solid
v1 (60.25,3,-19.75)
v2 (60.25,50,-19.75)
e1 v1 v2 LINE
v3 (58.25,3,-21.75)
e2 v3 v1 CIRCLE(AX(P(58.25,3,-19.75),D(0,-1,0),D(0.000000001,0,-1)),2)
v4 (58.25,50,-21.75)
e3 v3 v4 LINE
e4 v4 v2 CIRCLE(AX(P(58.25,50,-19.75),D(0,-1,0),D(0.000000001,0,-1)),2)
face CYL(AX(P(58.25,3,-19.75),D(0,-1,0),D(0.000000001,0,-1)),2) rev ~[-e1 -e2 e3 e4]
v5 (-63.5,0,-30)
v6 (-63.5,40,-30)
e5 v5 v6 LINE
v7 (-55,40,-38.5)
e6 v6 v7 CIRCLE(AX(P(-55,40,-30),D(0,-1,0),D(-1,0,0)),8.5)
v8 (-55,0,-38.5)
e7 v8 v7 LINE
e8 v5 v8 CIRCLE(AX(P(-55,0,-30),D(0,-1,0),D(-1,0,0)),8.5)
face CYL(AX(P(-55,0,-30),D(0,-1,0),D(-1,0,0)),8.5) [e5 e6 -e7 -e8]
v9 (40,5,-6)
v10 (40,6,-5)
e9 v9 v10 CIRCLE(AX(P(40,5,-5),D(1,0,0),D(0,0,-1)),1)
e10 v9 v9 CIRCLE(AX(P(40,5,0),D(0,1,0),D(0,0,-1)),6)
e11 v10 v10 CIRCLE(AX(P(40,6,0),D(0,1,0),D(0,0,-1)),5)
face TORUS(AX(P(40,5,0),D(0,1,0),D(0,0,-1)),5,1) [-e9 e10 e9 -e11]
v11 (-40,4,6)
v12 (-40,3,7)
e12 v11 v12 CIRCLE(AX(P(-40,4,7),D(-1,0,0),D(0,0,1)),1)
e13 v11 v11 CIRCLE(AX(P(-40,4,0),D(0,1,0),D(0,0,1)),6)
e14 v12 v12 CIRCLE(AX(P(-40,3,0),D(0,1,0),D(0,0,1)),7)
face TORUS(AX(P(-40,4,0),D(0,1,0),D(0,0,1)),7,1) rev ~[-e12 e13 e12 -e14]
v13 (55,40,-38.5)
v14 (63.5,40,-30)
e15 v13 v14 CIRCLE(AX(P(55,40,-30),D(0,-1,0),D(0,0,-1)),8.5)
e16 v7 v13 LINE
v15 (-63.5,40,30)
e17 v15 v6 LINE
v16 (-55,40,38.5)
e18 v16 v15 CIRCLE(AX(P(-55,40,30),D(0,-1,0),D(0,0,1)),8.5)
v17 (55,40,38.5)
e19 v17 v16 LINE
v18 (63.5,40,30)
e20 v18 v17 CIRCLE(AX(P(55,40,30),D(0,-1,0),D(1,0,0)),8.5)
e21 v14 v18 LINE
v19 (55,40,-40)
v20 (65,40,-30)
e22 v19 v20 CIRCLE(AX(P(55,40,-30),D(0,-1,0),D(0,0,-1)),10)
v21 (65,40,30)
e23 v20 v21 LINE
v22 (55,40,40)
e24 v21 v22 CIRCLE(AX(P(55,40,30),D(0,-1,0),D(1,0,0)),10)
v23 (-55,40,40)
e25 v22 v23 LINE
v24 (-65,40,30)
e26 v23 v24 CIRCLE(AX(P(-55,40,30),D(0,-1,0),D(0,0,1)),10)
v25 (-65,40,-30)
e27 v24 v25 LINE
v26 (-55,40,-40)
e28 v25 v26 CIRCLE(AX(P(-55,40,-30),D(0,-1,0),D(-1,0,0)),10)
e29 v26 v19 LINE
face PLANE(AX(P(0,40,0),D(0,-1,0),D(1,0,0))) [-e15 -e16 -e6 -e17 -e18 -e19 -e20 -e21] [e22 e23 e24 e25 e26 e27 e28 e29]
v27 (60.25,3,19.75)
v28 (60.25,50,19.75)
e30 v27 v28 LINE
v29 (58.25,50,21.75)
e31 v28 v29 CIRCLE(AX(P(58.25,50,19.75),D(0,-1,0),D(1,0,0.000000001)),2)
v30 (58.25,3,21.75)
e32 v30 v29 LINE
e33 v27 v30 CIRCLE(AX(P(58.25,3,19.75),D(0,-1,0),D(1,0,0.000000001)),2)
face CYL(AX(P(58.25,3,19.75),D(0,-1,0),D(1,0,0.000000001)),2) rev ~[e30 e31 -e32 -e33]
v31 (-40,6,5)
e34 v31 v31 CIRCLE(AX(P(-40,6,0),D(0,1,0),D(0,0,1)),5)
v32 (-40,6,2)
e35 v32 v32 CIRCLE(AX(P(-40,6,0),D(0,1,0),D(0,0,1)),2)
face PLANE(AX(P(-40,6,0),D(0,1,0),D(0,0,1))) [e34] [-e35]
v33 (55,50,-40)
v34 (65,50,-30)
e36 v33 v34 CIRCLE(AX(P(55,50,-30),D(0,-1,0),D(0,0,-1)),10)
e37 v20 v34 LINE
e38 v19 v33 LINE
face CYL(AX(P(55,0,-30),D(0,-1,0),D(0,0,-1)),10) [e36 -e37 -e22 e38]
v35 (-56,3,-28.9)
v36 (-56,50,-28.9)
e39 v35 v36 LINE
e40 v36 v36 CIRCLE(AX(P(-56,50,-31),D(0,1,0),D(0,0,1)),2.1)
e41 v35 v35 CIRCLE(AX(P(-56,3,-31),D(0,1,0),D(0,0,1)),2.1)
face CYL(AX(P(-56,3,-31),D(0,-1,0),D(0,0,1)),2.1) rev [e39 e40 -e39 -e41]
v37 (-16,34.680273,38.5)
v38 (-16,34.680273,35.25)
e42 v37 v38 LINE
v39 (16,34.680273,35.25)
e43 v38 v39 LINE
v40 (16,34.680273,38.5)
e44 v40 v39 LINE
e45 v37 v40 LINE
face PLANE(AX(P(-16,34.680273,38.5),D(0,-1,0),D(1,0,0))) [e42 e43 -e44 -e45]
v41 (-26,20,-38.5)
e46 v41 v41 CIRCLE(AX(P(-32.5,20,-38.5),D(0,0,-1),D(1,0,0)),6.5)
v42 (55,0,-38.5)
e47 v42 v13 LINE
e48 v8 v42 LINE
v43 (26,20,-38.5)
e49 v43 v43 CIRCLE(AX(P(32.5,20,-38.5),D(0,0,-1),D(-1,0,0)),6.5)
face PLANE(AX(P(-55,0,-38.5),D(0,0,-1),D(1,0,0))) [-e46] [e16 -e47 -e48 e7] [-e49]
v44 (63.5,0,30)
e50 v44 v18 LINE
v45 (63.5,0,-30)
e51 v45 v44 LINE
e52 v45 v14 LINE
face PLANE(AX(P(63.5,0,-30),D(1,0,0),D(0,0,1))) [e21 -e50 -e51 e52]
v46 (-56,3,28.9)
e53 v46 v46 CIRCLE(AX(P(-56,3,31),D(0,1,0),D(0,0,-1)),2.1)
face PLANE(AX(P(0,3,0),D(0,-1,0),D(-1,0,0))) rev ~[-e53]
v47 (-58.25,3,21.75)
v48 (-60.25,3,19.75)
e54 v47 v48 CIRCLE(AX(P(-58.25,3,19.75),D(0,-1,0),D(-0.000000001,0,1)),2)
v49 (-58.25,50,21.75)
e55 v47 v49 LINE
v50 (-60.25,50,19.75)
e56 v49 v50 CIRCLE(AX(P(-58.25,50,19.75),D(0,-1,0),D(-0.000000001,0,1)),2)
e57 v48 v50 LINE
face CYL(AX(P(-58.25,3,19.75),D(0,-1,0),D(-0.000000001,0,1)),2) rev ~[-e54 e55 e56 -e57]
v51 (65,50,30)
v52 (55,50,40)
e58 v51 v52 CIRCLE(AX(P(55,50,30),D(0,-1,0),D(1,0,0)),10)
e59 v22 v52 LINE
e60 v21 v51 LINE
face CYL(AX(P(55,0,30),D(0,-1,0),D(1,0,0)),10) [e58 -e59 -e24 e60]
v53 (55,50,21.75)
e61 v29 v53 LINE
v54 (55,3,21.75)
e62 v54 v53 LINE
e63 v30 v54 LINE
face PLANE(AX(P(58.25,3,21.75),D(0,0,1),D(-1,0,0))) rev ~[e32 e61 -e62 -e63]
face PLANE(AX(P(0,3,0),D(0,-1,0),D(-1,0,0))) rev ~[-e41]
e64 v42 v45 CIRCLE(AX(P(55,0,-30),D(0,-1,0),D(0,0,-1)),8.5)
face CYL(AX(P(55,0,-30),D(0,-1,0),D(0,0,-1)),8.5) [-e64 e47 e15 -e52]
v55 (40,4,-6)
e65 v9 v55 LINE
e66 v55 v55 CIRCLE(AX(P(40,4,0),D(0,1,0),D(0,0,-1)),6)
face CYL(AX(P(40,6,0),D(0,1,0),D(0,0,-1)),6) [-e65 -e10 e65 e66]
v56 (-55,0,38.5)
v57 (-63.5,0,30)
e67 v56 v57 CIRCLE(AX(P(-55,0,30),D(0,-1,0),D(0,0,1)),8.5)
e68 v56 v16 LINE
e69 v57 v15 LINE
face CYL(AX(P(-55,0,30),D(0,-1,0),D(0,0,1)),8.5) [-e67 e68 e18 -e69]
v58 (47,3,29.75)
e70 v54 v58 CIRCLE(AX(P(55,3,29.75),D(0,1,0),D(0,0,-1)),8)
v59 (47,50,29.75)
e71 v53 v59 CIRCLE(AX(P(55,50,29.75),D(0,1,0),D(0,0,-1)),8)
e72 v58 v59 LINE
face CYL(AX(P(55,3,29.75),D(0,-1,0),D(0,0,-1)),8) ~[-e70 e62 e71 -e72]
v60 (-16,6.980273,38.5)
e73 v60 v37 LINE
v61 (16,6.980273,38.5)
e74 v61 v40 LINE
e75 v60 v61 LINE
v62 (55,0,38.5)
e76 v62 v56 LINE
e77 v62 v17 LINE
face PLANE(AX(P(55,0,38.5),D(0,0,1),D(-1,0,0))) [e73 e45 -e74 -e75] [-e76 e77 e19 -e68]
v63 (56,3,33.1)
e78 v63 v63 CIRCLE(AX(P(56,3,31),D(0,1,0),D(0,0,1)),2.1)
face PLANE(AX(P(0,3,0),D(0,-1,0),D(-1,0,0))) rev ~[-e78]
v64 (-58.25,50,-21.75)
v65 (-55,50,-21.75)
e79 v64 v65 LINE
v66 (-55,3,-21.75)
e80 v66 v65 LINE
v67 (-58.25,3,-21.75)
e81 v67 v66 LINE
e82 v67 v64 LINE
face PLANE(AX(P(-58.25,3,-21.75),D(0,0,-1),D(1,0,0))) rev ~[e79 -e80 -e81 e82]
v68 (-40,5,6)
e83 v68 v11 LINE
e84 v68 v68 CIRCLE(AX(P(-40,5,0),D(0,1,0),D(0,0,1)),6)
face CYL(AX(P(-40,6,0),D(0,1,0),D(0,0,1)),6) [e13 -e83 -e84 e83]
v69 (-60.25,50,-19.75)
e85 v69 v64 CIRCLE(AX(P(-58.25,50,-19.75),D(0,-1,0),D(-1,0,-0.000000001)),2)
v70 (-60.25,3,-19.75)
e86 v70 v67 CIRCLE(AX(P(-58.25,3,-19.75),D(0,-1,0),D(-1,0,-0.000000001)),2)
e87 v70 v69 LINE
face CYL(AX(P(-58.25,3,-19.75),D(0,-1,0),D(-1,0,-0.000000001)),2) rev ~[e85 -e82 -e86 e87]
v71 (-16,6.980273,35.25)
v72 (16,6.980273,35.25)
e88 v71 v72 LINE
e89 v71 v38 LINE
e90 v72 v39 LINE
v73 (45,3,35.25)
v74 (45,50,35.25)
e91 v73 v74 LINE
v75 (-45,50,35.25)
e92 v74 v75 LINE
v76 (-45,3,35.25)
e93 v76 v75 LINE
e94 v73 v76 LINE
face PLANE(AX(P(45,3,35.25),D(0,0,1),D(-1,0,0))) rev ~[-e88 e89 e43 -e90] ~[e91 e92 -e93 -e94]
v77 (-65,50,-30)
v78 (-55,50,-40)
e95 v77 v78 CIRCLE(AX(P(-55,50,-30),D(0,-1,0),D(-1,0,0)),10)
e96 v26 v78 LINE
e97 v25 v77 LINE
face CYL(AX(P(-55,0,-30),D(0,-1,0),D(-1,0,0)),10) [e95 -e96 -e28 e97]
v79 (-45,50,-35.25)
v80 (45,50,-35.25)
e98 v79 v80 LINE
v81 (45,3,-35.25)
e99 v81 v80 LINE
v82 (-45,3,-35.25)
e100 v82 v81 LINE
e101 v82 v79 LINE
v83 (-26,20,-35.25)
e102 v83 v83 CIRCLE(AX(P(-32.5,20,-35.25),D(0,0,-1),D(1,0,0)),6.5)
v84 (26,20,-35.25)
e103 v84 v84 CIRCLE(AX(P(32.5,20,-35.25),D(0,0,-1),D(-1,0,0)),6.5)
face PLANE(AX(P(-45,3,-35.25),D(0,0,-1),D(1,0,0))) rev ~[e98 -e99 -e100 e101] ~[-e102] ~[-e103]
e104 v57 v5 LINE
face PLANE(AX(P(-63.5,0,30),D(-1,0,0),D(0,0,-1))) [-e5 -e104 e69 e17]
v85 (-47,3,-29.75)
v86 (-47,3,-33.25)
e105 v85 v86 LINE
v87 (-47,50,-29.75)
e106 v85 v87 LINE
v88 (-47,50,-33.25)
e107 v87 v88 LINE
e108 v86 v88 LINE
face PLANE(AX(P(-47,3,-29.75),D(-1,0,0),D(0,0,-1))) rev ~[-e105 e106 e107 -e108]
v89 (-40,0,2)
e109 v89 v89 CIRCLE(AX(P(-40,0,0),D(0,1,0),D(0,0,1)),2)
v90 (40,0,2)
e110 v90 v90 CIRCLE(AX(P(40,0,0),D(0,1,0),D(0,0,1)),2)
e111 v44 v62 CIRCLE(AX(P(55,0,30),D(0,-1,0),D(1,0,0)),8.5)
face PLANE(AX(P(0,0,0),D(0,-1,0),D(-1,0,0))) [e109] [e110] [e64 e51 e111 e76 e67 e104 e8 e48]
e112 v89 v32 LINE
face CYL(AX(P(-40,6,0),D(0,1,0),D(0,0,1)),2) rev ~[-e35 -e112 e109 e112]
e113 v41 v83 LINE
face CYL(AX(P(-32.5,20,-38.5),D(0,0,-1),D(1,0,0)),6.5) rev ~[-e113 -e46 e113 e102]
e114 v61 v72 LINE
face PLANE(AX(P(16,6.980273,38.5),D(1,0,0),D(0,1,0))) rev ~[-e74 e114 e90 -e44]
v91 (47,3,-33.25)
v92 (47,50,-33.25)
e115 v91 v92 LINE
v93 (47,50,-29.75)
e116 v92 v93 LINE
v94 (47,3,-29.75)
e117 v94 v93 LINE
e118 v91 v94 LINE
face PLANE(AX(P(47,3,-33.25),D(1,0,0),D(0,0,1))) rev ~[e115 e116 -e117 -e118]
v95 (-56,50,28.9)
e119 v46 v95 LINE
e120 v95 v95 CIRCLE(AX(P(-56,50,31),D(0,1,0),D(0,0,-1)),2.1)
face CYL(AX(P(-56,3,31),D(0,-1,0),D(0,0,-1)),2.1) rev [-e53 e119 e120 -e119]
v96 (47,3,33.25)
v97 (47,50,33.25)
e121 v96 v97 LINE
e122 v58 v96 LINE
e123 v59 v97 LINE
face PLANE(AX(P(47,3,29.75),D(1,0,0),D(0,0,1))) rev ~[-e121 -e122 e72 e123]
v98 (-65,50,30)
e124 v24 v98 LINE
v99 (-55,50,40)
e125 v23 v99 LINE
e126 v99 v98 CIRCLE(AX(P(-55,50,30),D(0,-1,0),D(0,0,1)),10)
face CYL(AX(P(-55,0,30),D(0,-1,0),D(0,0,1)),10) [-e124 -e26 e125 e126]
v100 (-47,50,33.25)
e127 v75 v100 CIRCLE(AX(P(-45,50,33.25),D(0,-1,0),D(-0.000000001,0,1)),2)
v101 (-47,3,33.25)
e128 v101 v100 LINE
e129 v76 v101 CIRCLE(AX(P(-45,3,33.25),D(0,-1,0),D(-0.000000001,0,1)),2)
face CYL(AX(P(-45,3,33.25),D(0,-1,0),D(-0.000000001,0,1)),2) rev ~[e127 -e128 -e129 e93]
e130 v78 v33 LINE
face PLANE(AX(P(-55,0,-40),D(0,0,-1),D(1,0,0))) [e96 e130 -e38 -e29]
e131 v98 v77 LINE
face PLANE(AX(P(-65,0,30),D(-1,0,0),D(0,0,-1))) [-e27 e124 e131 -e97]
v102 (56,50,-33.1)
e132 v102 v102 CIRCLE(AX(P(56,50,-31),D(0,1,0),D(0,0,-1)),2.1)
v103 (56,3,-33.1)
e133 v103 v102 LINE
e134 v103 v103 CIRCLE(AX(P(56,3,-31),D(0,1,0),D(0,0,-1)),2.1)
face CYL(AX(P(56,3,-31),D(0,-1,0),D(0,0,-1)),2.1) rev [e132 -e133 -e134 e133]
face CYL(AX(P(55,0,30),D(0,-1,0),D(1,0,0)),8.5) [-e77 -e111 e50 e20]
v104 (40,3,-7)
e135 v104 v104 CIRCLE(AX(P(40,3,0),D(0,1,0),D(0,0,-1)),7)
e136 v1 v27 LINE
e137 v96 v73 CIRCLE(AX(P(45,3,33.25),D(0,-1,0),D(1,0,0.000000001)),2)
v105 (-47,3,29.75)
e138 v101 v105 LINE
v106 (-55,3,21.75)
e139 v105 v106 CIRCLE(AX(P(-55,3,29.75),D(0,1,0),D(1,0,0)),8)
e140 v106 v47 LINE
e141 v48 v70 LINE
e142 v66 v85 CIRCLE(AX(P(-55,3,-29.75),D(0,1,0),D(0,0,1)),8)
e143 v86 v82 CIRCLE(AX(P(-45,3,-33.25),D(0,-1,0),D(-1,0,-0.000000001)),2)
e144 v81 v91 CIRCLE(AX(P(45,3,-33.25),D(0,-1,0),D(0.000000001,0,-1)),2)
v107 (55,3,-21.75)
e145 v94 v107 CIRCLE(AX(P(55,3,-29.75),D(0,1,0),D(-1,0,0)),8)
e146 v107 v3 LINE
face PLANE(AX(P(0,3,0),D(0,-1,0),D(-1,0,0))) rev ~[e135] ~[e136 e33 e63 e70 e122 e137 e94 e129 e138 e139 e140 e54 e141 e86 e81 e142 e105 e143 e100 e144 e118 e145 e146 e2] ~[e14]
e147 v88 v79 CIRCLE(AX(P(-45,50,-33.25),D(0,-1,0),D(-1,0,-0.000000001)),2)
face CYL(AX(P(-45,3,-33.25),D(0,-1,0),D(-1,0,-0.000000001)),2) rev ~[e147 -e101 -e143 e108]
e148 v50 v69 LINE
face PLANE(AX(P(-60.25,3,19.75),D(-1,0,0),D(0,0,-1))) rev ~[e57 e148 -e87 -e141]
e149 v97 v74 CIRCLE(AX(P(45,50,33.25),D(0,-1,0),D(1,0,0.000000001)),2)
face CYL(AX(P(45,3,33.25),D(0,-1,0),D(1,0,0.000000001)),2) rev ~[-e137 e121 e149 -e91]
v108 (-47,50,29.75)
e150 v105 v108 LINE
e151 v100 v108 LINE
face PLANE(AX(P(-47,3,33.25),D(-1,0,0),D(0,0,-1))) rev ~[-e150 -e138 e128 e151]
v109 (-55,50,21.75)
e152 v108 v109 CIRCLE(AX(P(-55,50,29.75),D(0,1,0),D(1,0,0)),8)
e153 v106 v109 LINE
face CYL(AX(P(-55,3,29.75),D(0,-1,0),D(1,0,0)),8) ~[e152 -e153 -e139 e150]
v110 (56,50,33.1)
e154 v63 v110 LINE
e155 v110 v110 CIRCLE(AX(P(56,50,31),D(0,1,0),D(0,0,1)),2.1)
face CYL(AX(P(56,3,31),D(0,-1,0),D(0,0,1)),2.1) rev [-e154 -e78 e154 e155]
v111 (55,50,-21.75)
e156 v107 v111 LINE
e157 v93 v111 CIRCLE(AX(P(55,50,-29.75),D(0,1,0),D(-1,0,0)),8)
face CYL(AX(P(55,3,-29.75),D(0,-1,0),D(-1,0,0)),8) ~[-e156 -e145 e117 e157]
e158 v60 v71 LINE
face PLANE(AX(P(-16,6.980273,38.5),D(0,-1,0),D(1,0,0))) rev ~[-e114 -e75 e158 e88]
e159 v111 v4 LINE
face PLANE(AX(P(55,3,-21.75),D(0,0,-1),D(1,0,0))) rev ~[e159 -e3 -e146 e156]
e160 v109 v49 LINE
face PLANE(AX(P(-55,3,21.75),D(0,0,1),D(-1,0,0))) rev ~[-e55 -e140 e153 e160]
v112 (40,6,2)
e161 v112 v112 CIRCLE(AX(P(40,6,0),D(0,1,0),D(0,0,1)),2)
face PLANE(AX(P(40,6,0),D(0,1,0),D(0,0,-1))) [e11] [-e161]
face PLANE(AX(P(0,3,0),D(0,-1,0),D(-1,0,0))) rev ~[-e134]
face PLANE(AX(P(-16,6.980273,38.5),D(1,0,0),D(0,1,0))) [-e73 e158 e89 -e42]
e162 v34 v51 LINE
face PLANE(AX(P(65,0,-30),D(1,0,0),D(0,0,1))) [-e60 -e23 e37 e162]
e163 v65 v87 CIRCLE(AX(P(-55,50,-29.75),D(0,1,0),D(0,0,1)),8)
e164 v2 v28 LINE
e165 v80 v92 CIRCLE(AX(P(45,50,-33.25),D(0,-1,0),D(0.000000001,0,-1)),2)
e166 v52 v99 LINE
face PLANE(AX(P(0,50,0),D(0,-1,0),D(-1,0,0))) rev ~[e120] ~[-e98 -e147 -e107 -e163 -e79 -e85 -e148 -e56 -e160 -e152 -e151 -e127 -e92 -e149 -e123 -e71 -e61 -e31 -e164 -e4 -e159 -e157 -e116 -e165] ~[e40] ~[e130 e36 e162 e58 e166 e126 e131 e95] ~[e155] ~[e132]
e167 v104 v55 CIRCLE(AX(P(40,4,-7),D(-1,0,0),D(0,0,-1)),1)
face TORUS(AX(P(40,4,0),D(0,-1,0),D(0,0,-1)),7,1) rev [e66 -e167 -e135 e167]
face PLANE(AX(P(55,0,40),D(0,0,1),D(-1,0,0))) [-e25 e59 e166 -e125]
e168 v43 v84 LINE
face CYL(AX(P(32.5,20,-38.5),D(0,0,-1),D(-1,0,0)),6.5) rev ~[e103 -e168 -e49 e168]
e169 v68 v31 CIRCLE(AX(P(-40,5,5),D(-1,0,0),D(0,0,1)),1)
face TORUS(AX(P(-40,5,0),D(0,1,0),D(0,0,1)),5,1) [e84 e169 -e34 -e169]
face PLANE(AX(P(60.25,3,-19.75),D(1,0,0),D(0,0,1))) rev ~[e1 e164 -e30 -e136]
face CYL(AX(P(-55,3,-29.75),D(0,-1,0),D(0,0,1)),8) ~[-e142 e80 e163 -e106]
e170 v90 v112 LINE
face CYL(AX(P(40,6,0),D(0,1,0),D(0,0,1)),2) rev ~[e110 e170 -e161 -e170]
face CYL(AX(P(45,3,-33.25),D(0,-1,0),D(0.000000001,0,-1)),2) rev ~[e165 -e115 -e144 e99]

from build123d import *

# Parameters (mm, degrees)
BOSS_EXTRUDE1_DEPTH = 50
SHELL1_T            = -3
CUT_EXTRUDE1_DEPTH  = 40
SKETCH3_R           = 2.1
BOSS_EXTRUDE5_DEPTH = 47
SKETCH5_R           = 2
CUT_EXTRUDE2_DEPTH  = 10
BOSS_EXTRUDE6_START = 3
SKETCH6_R           = 6
SKETCH6_R_2         = 2
BOSS_EXTRUDE6_DEPTH = 3
FILLET1_R           = 1
SKETCH7_W           = 32
SKETCH7_H           = 27.7
CUT_EXTRUDE3_DEPTH  = 10
SKETCH8_R           = 6.5
CUT_EXTRUDE4_DEPTH  = 10


with BuildPart() as part:
    # Sketch1 → Boss-Extrude1 (new body)
    with BuildSketch(Plane(origin=(0, 0, 0), x_dir=(1, 0, 0), z_dir=(0, 1, 0))):
        with BuildLine():
            Line((-55, 40), (55, 40))
            ThreePointArc((55, 40), (62.071067812, 37.071067812), (65, 30))
            Line((65, 30), (65, -30))
            ThreePointArc((65, -30), (62.071067812, -37.071067812), (55, -40))
            Line((55, -40), (-55, -40))
            ThreePointArc((-55, -40), (-62.071067812, -37.071067812), (-65, -30))
            Line((-65, -30), (-65, 30))
            ThreePointArc((-65, 30), (-62.071067812, 37.071067812), (-55, 40))
        make_face()
    extrude(amount=BOSS_EXTRUDE1_DEPTH)

    # Shell1
    shell1_openings = [part.faces().sort_by_distance(p)[0] for p in [
        (0, 50, 0),
    ]]
    offset(amount=SHELL1_T, openings=shell1_openings, kind=Kind.INTERSECTION)

    # Sketch2 → Cut-Extrude1 (cut)
    with BuildSketch(Plane.XZ):
        with BuildLine():
            Line((65, -30), (65, 30))
            ThreePointArc((65, 30), (62.071067812, 37.071067812), (55, 40))
            Line((55, 40), (-55, 40))
            ThreePointArc((-55, 40), (-62.071067812, 37.071067812), (-65, 30))
            Line((-65, 30), (-65, -30))
            ThreePointArc((-65, -30), (-62.071067812, -37.071067812), (-55, -40))
            Line((-55, -40), (55, -40))
            ThreePointArc((55, -40), (62.071067812, -37.071067812), (65, -30))
        make_face()
        with BuildLine():
            Line((-63.5, 30), (-63.5, -30))
            ThreePointArc((-63.5, -30), (-61.01040764, -36.01040764), (-55, -38.5))
            Line((-55, -38.5), (55, -38.5))
            ThreePointArc((55, -38.5), (61.01040764, -36.01040764), (63.5, -30))
            Line((63.5, -30), (63.5, 30))
            ThreePointArc((63.5, 30), (61.01040764, 36.01040764), (55, 38.5))
            Line((55, 38.5), (-55, 38.5))
            ThreePointArc((-55, 38.5), (-61.01040764, 36.01040764), (-63.5, 30))
        make_face(mode=Mode.SUBTRACT)
    extrude(amount=-CUT_EXTRUDE1_DEPTH, mode=Mode.SUBTRACT)

    # Sketch5 → Cut-Extrude2 (cut)
    with BuildSketch(Plane(origin=(0, 3, 0), x_dir=(1, 0, 0), z_dir=(0, 1, 0))):
        with Locations(Location((-40, 0, 0), (0, 0, 270))):
            Circle(SKETCH5_R)
        with Locations(Location((40, 0, 0), (0, 0, 270))):
            Circle(SKETCH5_R)
    extrude(amount=-CUT_EXTRUDE2_DEPTH, mode=Mode.SUBTRACT)


with BuildPart() as body_2:
    # Sketch3 → Boss-Extrude5 (new body)
    with BuildSketch(Plane(origin=(0, 3, 0), x_dir=(1, 0, 0), z_dir=(0, 1, 0))):
        with BuildLine():
            Line((62, -30), (62, 30))
            ThreePointArc((62, 30), (59.949747468, 34.949747468), (55, 37))
            Line((55, 37), (-55, 37))
            ThreePointArc((-55, 37), (-59.949747468, 34.949747468), (-62, 30))
            Line((-62, 30), (-62, -30))
            ThreePointArc((-62, -30), (-59.949747468, -34.949747468), (-55, -37))
            Line((-55, -37), (55, -37))
            ThreePointArc((55, -37), (59.949747468, -34.949747468), (62, -30))
        make_face()
        with Locations(Location((-56, 31, 0), (0, 0, 270))):
            Circle(SKETCH3_R, mode=Mode.SUBTRACT)
        with Locations(Location((56, 31, 0), (0, 0, 90))):
            Circle(SKETCH3_R, mode=Mode.SUBTRACT)
        with Locations(Location((56, -31, 0), (0, 0, 270))):
            Circle(SKETCH3_R, mode=Mode.SUBTRACT)
        with Locations(Location((-56, -31, 0), (0, 0, 90))):
            Circle(SKETCH3_R, mode=Mode.SUBTRACT)
        with BuildLine():
            Line((-58.25, 21.75), (-55, 21.75))
            ThreePointArc((-55, 21.75), (-49.343145751, 24.093145751), (-47, 29.75))
            Line((-47, 29.75), (-47, 33.25))
            ThreePointArc((-47, 33.25), (-46.414213562, 34.664213562), (-45, 35.25))
            Line((-45, 35.25), (45, 35.25))
            ThreePointArc((45, 35.25), (46.414213562, 34.664213562), (47, 33.25))
            Line((47, 33.25), (47, 29.75))
            ThreePointArc((47, 29.75), (49.343145751, 24.093145751), (55, 21.75))
            Line((55, 21.75), (58.25, 21.75))
            ThreePointArc((58.25, 21.75), (59.664213562, 21.164213562), (60.25, 19.75))
            Line((60.25, 19.75), (60.25, -19.75))
            ThreePointArc((60.25, -19.75), (59.664213562, -21.164213562), (58.25, -21.75))
            Line((58.25, -21.75), (55, -21.75))
            ThreePointArc((55, -21.75), (49.343145751, -24.093145751), (47, -29.75))
            Line((47, -29.75), (47, -33.25))
            ThreePointArc((47, -33.25), (46.414213562, -34.664213562), (45, -35.25))
            Line((45, -35.25), (-45, -35.25))
            ThreePointArc((-45, -35.25), (-46.414213562, -34.664213562), (-47, -33.25))
            Line((-47, -33.25), (-47, -29.75))
            ThreePointArc((-47, -29.75), (-49.343145751, -24.093145751), (-55, -21.75))
            Line((-55, -21.75), (-58.25, -21.75))
            ThreePointArc((-58.25, -21.75), (-59.664213562, -21.164213562), (-60.25, -19.75))
            Line((-60.25, -19.75), (-60.25, 19.75))
            ThreePointArc((-60.25, 19.75), (-59.664213562, 21.164213562), (-58.25, 21.75))
        make_face(mode=Mode.SUBTRACT)
    extrude(amount=BOSS_EXTRUDE5_DEPTH)


    add(part.part)  # Boss-Extrude6 merges part
    # Sketch6 → Boss-Extrude6 (add)
    # profile 1 of 2: a face of its own
    with BuildSketch(Plane(origin=(0, 3, 0), x_dir=(1, 0, 0), z_dir=(0, 1, 0)).offset(BOSS_EXTRUDE6_START)):
        with Locations(Location((-40, 0, 0), (0, 0, 270))):
            Circle(SKETCH6_R)
        with Locations(Location((-40, 0, 0), (0, 0, 270))):
            Circle(SKETCH6_R_2, mode=Mode.SUBTRACT)
    # profile 2 of 2: a face of its own
    with BuildSketch(Plane(origin=(0, 3, 0), x_dir=(1, 0, 0), z_dir=(0, 1, 0)).offset(BOSS_EXTRUDE6_START)):
        with Locations(Location((40, 0, 0), (0, 0, 90))):
            Circle(SKETCH6_R)
        with Locations(Location((40, 0, 0), (0, 0, 270))):
            Circle(SKETCH6_R_2, mode=Mode.SUBTRACT)
    extrude(amount=-BOSS_EXTRUDE6_DEPTH)

    # Fillet1
    fillet1_edges = [body_2.edges().sort_by_distance(p)[0] for p in [
        (-40, 6, -6),
        (-40, 3, -6),
        (40, 6, 6),
        (40, 3, 6),
    ]]
    fillet(fillet1_edges, radius=FILLET1_R)

    # Sketch7 → Cut-Extrude3 (cut)
    with BuildSketch(Plane.XY.offset(38.5)):
        with Locations((0, 20.830272727)):
            Rectangle(SKETCH7_W, SKETCH7_H)
    extrude(amount=-CUT_EXTRUDE3_DEPTH, mode=Mode.SUBTRACT)

    # Sketch8 → Cut-Extrude4 (cut)
    with BuildSketch(Plane(origin=(0, 0, -38.5), x_dir=(-1, 0, 0), z_dir=(0, 0, -1))):
        with Locations((-32.5, 20)):
            Circle(SKETCH8_R)
        with Locations(Location((32.5, 20, 0), (0, 0, 180))):
            Circle(SKETCH8_R)
    extrude(amount=-CUT_EXTRUDE4_DEPTH, mode=Mode.SUBTRACT)


solid = body_2.part
